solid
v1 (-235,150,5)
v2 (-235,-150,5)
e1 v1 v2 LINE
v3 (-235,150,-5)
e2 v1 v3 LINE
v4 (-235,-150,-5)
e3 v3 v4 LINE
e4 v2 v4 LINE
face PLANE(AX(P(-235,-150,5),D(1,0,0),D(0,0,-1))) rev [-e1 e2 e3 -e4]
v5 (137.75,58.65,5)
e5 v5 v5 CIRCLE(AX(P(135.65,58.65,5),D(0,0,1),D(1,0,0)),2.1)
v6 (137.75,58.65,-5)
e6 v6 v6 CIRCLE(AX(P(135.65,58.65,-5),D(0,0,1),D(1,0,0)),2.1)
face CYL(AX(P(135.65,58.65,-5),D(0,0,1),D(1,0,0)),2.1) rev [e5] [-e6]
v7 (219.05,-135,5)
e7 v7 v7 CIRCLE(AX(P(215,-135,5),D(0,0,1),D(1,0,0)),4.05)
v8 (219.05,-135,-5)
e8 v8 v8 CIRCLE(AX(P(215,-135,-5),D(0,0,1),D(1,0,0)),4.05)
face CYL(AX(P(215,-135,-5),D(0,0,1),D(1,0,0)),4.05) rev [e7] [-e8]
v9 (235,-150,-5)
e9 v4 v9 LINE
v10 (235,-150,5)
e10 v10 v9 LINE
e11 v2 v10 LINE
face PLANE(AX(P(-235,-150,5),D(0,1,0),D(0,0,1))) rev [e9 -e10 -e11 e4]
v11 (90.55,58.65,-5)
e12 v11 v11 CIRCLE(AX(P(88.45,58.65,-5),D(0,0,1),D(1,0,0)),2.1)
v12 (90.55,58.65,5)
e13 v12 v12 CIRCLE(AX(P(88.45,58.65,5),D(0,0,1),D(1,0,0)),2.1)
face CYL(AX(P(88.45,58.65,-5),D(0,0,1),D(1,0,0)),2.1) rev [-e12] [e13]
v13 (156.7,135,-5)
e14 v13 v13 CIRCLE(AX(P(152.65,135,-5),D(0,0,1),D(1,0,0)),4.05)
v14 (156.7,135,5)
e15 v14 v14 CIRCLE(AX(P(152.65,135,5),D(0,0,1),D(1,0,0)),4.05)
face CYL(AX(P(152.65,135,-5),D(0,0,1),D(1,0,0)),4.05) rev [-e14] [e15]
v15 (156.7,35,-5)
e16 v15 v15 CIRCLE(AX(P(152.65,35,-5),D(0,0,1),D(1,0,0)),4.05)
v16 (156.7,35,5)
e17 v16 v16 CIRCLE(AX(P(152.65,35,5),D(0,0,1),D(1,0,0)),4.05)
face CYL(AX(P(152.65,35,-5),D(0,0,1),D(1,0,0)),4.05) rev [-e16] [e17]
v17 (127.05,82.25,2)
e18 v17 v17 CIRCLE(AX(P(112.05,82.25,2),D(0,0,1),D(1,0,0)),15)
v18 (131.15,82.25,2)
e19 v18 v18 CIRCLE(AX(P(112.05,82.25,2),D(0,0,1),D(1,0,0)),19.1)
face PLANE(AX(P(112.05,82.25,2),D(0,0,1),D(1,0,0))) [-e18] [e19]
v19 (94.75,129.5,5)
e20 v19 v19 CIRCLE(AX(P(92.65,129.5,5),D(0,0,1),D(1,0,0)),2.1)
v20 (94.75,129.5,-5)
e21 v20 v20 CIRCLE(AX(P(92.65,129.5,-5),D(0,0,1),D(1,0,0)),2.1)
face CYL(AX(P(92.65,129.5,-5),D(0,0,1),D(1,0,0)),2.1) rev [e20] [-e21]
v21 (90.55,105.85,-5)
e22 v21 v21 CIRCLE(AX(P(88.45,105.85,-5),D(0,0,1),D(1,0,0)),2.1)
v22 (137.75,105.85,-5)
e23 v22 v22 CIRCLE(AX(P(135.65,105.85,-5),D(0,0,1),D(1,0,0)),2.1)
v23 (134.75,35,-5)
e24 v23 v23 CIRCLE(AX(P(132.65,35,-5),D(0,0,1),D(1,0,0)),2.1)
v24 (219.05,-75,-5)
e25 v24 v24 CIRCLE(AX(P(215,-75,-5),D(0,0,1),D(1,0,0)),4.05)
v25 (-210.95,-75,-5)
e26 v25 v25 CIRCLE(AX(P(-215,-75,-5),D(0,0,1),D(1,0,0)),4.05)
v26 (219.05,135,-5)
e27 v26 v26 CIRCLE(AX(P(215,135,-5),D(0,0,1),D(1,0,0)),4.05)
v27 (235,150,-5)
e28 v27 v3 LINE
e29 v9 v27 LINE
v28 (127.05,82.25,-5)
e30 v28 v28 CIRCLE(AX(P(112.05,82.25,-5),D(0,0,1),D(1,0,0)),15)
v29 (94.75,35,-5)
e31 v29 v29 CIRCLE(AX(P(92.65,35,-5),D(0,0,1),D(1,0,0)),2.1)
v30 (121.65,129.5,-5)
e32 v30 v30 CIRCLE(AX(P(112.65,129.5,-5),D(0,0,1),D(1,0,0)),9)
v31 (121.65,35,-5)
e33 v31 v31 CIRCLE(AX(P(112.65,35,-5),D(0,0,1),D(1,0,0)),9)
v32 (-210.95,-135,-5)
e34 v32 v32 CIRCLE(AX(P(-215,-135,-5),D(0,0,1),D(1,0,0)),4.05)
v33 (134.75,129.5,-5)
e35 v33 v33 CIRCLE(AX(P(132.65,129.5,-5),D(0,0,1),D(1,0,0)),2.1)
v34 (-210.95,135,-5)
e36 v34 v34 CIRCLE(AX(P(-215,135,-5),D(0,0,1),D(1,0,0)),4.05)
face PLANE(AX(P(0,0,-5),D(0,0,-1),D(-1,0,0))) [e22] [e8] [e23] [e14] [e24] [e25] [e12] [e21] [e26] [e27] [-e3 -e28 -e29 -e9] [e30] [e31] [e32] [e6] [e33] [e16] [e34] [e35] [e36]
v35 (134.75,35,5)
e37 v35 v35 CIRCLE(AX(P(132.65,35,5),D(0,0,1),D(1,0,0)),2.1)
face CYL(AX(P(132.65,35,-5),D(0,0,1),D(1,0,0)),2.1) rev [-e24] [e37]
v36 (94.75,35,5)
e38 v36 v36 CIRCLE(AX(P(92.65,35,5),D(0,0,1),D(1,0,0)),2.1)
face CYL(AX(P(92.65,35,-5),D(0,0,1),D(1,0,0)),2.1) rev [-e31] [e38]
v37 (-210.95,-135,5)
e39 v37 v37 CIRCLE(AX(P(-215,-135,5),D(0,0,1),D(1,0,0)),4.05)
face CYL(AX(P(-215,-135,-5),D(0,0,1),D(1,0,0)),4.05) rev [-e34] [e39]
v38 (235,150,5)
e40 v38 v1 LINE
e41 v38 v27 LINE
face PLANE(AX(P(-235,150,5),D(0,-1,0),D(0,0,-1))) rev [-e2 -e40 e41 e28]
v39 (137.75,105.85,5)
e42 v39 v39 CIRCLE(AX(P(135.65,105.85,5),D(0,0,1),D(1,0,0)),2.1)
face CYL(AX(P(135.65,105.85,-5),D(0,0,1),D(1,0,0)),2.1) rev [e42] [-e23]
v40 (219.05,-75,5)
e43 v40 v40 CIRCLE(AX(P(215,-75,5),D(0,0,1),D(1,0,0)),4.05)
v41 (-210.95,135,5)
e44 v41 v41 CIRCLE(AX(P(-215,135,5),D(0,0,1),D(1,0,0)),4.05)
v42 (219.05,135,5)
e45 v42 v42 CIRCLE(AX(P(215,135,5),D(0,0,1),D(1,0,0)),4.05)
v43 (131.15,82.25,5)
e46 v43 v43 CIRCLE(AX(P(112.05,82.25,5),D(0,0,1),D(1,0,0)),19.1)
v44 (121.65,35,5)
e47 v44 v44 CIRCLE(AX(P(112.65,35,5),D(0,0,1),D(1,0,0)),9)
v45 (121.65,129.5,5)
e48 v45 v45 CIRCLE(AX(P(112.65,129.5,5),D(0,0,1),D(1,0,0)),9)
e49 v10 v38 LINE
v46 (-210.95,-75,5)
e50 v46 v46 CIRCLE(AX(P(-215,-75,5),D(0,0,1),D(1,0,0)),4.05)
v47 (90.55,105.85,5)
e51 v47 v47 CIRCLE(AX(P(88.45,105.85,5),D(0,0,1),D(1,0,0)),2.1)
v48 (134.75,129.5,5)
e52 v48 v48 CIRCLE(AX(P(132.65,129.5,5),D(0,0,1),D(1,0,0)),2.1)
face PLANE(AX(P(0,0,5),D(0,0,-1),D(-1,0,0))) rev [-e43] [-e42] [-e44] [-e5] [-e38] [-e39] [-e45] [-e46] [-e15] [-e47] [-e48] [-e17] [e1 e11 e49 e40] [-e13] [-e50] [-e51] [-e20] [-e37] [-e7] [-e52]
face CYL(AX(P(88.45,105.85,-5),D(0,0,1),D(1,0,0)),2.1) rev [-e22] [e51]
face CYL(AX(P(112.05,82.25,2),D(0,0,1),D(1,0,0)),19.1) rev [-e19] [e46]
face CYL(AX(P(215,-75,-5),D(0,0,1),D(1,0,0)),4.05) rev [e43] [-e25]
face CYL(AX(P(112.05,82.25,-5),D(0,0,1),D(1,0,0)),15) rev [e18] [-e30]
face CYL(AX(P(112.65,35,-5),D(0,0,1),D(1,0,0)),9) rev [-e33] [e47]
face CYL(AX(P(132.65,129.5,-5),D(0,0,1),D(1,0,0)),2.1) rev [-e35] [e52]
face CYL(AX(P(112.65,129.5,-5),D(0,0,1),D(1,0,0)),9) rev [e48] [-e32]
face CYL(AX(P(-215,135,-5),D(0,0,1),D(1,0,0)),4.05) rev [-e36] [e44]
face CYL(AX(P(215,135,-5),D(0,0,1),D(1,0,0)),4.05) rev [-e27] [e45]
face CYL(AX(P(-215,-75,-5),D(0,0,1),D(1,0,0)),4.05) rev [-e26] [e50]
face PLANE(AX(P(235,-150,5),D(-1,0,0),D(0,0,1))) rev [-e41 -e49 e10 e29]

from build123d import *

# Parameters (mm, degrees)
SKETCH2_W           = 470
SKETCH2_H           = 300
BOSS_EXTRUDE1_DEPTH = 5
SKETCH3_R           = 4.05
CUT_EXTRUDE1_DEPTH  = 10
SKETCH4_R           = 9
SKETCH4_R_2         = 2.1
CUT_EXTRUDE2_DEPTH  = 11
SKETCH5_R           = 4.05
CUT_EXTRUDE3_DEPTH  = 11
SKETCH7_R           = 19.1
CUT_EXTRUDE5_DEPTH  = 3
SKETCH8_R           = 15
CUT_EXTRUDE6_DEPTH  = 8
SKETCH9_R           = 2.1
CUT_EXTRUDE7_DEPTH  = 11


with BuildPart() as part:
    # Sketch2 → Boss-Extrude1 (new body, symmetric)
    with BuildSketch(Plane.XY):
        Rectangle(SKETCH2_W, SKETCH2_H)
    extrude(amount=BOSS_EXTRUDE1_DEPTH, both=True)

    # Sketch3 → Cut-Extrude1 (cut)
    with BuildSketch(Plane.XY.offset(5)):
        with Locations((-215, -75)):
            Circle(SKETCH3_R)
        with Locations((-215, -135)):
            Circle(SKETCH3_R)
        with Locations((215, -75)):
            Circle(SKETCH3_R)
        with Locations((215, -135)):
            Circle(SKETCH3_R)
        with Locations((-215, 135)):
            Circle(SKETCH3_R)
        with Locations((215, 135)):
            Circle(SKETCH3_R)
    extrude(amount=-CUT_EXTRUDE1_DEPTH, mode=Mode.SUBTRACT)

    # Sketch4 → Cut-Extrude2 (cut, through all)
    with BuildSketch(Plane.XY.offset(5)):
        with Locations((112.65, 129.5)):
            Circle(SKETCH4_R)
        with Locations((112.65, 35)):
            Circle(SKETCH4_R)
        with Locations((92.65, 129.5)):
            Circle(SKETCH4_R_2)
        with Locations((132.65, 129.5)):
            Circle(SKETCH4_R_2)
        with Locations((132.65, 35)):
            Circle(SKETCH4_R_2)
        with Locations((92.65, 35)):
            Circle(SKETCH4_R_2)
    extrude(amount=-CUT_EXTRUDE2_DEPTH, mode=Mode.SUBTRACT)

    # Sketch5 → Cut-Extrude3 (cut, through all)
    with BuildSketch(Plane.XY.offset(5)):
        with Locations((152.65, 135)):
            Circle(SKETCH5_R)
        with Locations((152.65, 35)):
            Circle(SKETCH5_R)
    extrude(amount=-CUT_EXTRUDE3_DEPTH, mode=Mode.SUBTRACT)

    # Sketch7 → Cut-Extrude5 (cut)
    with BuildSketch(Plane.XY.offset(5)):
        with Locations((112.05, 82.25)):
            Circle(SKETCH7_R)
    extrude(amount=-CUT_EXTRUDE5_DEPTH, mode=Mode.SUBTRACT)

    # Sketch8 → Cut-Extrude6 (cut, through all)
    with BuildSketch(Plane.XY.offset(2)):
        with Locations((112.05, 82.25)):
            Circle(SKETCH8_R)
    extrude(amount=-CUT_EXTRUDE6_DEPTH, mode=Mode.SUBTRACT)

    # Sketch9 → Cut-Extrude7 (cut, through all)
    with BuildSketch(Plane.XY.offset(5)):
        with Locations((88.45, 105.85)):
            Circle(SKETCH9_R)
        with Locations((135.65, 105.85)):
            Circle(SKETCH9_R)
        with Locations((135.65, 58.65)):
            Circle(SKETCH9_R)
        with Locations((88.45, 58.65)):
            Circle(SKETCH9_R)
    extrude(amount=-CUT_EXTRUDE7_DEPTH, mode=Mode.SUBTRACT)


solid = part.part
